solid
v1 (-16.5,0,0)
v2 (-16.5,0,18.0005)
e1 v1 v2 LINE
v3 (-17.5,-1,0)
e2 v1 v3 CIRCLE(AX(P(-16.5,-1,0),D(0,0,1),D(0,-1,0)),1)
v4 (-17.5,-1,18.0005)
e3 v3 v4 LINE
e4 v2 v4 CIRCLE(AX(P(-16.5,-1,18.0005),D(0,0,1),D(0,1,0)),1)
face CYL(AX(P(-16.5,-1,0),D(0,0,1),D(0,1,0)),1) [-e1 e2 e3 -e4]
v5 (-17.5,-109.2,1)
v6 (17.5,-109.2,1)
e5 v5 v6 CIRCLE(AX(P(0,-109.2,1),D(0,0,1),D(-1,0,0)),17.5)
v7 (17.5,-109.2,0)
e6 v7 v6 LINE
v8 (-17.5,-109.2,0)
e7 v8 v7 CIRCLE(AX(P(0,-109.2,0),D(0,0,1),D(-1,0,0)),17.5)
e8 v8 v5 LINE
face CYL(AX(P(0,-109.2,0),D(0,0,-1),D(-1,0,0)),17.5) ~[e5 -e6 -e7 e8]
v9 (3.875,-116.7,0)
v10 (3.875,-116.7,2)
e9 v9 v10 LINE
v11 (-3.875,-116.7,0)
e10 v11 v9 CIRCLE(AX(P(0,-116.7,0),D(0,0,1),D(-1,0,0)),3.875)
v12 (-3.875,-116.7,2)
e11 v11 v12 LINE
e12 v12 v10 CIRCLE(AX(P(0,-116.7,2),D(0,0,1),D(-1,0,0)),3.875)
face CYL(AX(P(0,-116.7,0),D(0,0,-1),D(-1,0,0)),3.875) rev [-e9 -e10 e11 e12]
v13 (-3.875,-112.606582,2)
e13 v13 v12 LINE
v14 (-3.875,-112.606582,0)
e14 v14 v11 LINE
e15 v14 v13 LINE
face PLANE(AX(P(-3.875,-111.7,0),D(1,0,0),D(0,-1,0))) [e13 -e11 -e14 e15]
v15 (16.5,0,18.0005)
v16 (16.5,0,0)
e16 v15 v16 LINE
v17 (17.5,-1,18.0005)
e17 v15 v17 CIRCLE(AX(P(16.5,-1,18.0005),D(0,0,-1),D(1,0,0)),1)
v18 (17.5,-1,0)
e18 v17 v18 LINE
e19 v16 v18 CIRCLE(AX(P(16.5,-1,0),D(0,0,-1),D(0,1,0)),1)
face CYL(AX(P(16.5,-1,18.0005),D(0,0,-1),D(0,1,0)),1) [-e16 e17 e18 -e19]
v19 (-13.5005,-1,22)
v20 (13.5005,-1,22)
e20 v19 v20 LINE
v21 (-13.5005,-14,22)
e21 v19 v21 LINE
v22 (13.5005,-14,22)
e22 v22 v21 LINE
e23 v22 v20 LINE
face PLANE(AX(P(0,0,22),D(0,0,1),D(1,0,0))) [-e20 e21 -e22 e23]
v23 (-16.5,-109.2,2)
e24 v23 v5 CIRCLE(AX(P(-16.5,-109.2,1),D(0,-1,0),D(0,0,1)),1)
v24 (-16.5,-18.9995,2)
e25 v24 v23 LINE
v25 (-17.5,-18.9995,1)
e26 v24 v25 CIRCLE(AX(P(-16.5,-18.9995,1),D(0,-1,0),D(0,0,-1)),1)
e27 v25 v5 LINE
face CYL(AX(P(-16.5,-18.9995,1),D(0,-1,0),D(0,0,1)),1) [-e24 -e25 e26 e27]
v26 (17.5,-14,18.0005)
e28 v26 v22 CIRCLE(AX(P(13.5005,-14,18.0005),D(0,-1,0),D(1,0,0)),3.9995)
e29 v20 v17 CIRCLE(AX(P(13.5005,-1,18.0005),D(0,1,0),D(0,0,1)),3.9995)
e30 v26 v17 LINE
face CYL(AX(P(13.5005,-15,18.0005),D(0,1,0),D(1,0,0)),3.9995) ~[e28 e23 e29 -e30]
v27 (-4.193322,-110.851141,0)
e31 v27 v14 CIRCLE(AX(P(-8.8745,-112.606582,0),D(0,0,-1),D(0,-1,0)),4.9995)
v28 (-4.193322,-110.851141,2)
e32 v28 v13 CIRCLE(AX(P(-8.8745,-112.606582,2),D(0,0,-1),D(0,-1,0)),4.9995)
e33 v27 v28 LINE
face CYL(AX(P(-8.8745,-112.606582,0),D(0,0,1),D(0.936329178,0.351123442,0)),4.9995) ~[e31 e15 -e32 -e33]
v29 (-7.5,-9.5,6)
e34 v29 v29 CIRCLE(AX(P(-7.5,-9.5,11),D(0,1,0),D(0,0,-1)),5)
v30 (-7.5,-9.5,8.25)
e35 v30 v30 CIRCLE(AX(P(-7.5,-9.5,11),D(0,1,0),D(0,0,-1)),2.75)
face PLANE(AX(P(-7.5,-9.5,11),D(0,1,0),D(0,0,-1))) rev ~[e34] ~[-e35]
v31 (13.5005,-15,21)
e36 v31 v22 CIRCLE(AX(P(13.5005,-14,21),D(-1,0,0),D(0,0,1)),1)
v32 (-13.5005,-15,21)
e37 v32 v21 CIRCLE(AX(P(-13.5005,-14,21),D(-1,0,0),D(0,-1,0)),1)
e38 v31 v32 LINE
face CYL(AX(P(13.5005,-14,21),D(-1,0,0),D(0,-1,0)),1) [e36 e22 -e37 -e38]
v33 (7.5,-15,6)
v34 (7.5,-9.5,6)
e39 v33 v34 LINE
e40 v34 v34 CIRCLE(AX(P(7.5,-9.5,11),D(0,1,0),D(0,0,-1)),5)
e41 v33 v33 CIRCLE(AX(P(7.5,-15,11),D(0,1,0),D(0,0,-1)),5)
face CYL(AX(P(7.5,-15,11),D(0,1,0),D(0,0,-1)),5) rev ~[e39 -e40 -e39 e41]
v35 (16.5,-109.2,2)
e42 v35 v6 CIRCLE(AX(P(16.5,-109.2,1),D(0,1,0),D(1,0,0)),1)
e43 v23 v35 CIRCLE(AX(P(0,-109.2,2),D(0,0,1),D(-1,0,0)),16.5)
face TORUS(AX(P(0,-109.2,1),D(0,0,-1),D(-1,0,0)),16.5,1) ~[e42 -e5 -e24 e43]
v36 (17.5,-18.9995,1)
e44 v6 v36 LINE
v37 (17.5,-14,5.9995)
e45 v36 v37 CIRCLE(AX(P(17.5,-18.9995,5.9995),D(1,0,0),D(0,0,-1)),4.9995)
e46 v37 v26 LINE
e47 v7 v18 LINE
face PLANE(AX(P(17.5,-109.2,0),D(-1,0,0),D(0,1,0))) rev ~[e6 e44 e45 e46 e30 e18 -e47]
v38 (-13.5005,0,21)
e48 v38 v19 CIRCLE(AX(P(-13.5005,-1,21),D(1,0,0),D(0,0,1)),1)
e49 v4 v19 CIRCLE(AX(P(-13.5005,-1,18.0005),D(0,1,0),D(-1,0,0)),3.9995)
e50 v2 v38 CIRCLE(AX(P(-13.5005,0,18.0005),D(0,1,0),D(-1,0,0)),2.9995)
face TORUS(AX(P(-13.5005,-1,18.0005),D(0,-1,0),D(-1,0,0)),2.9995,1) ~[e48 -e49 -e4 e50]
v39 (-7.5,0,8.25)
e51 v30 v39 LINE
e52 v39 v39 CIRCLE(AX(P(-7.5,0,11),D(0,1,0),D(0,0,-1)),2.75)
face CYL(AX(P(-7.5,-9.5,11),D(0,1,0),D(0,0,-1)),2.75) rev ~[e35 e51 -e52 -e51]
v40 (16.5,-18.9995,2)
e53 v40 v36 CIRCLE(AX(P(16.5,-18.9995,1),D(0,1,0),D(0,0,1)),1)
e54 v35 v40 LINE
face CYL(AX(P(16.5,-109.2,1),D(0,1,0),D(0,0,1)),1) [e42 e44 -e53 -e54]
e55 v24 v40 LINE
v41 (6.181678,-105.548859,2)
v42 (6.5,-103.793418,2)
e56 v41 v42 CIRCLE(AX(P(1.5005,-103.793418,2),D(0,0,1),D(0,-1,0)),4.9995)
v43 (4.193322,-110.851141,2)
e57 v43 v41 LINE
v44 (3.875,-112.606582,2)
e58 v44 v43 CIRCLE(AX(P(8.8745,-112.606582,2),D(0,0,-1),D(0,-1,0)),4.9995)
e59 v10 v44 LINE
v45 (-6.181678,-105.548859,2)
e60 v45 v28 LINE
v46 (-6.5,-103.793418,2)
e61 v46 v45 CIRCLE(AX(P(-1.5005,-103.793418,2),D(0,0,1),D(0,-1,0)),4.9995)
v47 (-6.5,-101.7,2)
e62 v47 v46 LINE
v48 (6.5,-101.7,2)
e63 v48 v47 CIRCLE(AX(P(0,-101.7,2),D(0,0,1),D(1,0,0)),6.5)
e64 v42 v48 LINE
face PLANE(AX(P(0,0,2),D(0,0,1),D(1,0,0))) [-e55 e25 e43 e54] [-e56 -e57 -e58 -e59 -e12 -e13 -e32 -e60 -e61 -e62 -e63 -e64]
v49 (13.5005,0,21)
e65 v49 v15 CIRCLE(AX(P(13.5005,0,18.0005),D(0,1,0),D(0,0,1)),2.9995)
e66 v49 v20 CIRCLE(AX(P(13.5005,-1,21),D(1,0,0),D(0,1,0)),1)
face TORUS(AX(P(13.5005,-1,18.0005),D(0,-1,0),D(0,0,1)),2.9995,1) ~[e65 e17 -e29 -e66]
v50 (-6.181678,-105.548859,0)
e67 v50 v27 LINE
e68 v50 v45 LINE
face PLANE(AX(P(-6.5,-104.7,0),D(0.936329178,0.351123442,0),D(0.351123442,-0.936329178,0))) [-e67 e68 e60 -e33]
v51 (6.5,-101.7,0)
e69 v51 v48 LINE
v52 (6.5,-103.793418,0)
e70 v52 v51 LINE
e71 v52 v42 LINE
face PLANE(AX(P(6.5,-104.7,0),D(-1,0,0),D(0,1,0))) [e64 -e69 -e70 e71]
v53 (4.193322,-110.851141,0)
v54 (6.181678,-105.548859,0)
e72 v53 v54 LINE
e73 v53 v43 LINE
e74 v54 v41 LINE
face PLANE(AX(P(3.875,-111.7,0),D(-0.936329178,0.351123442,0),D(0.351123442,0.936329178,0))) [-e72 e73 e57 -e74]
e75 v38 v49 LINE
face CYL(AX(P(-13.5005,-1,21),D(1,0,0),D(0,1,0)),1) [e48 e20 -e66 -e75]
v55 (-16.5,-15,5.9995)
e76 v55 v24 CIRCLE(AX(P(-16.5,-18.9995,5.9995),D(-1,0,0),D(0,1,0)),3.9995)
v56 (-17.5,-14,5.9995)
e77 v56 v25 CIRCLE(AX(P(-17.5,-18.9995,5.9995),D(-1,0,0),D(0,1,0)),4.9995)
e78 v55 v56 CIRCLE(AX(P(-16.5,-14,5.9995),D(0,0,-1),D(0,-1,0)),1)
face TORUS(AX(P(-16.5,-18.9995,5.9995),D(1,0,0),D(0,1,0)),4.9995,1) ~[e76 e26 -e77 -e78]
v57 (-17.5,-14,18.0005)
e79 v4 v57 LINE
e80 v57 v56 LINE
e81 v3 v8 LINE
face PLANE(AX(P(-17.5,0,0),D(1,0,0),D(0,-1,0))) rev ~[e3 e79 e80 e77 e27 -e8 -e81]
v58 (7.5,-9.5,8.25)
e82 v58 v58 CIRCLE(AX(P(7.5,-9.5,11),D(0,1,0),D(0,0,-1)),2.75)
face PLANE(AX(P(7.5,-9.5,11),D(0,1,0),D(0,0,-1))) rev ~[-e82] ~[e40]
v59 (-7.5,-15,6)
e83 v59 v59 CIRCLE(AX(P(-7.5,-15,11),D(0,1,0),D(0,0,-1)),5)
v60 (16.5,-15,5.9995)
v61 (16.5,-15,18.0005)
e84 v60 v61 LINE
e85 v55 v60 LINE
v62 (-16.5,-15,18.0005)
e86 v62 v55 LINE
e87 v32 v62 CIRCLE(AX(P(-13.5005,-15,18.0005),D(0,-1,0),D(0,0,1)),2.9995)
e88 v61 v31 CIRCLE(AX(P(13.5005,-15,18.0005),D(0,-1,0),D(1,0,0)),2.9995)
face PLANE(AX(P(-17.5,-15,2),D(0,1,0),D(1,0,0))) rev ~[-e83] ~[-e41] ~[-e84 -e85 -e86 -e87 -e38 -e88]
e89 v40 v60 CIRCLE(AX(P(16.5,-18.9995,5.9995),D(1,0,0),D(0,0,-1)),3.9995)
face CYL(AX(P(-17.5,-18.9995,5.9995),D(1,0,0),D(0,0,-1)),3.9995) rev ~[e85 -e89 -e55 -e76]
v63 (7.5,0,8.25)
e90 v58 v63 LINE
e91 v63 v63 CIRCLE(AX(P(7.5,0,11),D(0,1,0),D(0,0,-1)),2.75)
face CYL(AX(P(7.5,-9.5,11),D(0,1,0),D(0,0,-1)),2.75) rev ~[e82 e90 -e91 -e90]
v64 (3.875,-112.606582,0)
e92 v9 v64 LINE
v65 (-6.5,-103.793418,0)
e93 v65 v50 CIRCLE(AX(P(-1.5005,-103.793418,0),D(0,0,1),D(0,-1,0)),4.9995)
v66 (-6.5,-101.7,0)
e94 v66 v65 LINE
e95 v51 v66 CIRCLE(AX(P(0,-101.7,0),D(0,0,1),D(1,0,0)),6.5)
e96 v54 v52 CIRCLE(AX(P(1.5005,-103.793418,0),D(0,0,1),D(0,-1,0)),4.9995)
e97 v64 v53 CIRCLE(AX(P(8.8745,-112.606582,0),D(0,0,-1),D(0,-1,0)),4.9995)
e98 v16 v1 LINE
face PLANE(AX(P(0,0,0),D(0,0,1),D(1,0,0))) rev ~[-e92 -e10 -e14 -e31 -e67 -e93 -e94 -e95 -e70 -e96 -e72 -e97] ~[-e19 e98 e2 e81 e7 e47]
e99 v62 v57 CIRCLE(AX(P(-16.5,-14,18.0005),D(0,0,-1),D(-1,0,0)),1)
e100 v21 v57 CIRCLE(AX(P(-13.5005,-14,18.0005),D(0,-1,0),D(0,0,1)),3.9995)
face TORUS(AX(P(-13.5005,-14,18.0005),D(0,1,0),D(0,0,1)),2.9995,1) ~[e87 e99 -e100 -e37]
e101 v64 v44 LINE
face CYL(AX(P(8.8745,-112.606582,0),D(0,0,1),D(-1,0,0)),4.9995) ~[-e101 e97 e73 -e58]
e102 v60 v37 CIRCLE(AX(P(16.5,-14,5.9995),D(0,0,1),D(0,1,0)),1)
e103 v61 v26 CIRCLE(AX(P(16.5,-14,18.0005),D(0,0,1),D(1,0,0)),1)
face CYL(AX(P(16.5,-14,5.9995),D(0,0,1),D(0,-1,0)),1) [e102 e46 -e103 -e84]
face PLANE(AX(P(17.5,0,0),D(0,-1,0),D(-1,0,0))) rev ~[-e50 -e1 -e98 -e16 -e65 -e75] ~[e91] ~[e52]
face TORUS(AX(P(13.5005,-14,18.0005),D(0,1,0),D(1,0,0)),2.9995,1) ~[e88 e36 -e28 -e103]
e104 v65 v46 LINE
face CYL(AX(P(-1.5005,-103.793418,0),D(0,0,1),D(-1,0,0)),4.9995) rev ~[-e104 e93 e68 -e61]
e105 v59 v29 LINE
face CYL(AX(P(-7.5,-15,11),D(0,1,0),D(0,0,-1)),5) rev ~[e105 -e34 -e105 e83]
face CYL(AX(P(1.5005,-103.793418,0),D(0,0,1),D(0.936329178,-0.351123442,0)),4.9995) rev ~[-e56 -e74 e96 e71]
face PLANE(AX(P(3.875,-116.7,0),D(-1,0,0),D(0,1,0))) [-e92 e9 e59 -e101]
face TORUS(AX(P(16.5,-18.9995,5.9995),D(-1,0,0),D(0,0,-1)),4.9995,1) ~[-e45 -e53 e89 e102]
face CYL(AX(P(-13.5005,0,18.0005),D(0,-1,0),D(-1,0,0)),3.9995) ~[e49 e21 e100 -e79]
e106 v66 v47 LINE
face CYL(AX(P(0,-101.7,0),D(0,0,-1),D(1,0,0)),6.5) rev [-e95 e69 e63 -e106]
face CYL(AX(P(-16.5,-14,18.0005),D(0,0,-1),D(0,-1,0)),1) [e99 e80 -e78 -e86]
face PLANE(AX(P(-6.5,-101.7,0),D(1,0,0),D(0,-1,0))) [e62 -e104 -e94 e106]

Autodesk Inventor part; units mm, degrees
ref_plane "YZ Plane" through (0, 0, 0) normal (1, 0, 0) x (0, 1, 0)
ref_plane "XZ Plane" through (0, 0, 0) normal (0, 1, 0) x (-1, 0, 0)
ref_plane "XY Plane" through (0, 0, 0) normal (0, 0, 1) x (1, 0, 0)
sketch "Esquisse1" plane through (0, 0, 0) normal (0, 0, 1) x (1, 0, 0)
  line L0 (17.5, -109.2) -> (17.5, 0)
  line L1 (17.5, 0) -> (-17.5, 0)
  line L2 (-17.5, 0) -> (-17.5, -109.2)
  arc A0 (-17.5, -109.2) -> (17.5, -109.2) centre (0, -109.2) ccw
  arc A1 (-3.875, -116.7) -> (3.875, -116.7) centre (0, -116.7) ccw
  arc A2 (6.5, -101.7) -> (-6.5, -101.7) centre (0, -101.7) ccw
  line L3 (-3.875, -111.7) -> (-3.875, -116.7)
  line L4 (3.875, -116.7) -> (3.875, -111.7)
  line L5 (-6.5, -101.7) -> (-6.5, -104.7)
  line L6 (-6.5, -104.7) -> (-3.875, -111.7)
  line L7 (3.875, -111.7) -> (6.5, -104.7)
  line L8 (6.5, -104.7) -> (6.5, -101.7)
  point P0 (0, 0)
  point P1 (0, 0)
  dimension "d0" = 35
  dimension "d1" = 126.7
  dimension "d3" = 3
  dimension "d4" = 6.5
  dimension "d5" = 5
  dimension "d6" = 15
  dimension "d7" = 116.7
  dimension "d8" = 3.875
extrude "Embase" add sketch "Esquisse1" along normal blind 2
sketch "Esquisse2" plane through (0, 0, 2) normal (0, 0, 1) x (1, 0, 0)
  line L0 (-17.5, -15) -> (17.5, -15)
  line L1 (17.5, -15) -> (17.5, 0)
  line L2 (17.5, 0) -> (-17.5, 0)
  line L3 (-17.5, 0) -> (-17.5, -15)
  line L4 (17.5, 0) -> (-17.5, 0) projected
  line L5 (-17.5, 0) -> (-17.5, -109.2) projected
  line L6 (17.5, -109.2) -> (17.5, 0) projected
  point P0 (0, 0)
  dimension "d11" = 15
extrude "Support" add sketch "Esquisse2" along normal blind 20
sketch "Esquisse3" plane through (-17.5, -15, 2) normal (0, -1, 0) x (1, 0, 0)
  line L0 (0, -2) -> (0, 20) projected
  point P0 (17.5, -2)
  point P1 (10, 9)
  point P2 (25, 9)
  point P3 (0, 9)
  dimension "Entraxe" = 15
  dimension "d15" = 7.5
hole "Passage vis" at (-7.5, -15, 11) at (7.5, -15, 11) direction (0, 1, 0) diameter 5.5 end through all counterbore diameter 10 counterbore depth 5.5 clearance for "Vis d'assemblage à tête hexagonale ISO 24017" size "M5" standard "ISO"
fillet "Congé1" radius 4 3 edges at (-17.5, -7.5, 22) (17.5, -7.5, 22) (0, -15, 2)
fillet "Congé1" radius 5 4 edges at (3.875, -111.7, 1) (6.5, -104.7, 1) (-6.5, -104.7, 1) (-3.875, -111.7, 1)
fillet "Congé2" radius 1 15 edges at (16.3286, -15, 20.8286) (17.5, -15, 12) (17.5, -16.1714, 3.1714) (17.5, -64.0997, 2) (0, -126.7, 2) (-17.5, -64.0998, 2) (-17.5, -16.1714, 3.1714) (-17.5, -15, 12) (-16.3286, -15, 20.8286) (0, -15, 22) (-16.3286, 0, 20.8286) (-17.5, 0, 9.0003) (16.3286, 0, 20.8286) (17.5, 0, 9.0003) (0, 0, 22)
equation "\"d15\" = 0.5 * Entraxe"
properties part number "Bras" material "Plastique ABS"
